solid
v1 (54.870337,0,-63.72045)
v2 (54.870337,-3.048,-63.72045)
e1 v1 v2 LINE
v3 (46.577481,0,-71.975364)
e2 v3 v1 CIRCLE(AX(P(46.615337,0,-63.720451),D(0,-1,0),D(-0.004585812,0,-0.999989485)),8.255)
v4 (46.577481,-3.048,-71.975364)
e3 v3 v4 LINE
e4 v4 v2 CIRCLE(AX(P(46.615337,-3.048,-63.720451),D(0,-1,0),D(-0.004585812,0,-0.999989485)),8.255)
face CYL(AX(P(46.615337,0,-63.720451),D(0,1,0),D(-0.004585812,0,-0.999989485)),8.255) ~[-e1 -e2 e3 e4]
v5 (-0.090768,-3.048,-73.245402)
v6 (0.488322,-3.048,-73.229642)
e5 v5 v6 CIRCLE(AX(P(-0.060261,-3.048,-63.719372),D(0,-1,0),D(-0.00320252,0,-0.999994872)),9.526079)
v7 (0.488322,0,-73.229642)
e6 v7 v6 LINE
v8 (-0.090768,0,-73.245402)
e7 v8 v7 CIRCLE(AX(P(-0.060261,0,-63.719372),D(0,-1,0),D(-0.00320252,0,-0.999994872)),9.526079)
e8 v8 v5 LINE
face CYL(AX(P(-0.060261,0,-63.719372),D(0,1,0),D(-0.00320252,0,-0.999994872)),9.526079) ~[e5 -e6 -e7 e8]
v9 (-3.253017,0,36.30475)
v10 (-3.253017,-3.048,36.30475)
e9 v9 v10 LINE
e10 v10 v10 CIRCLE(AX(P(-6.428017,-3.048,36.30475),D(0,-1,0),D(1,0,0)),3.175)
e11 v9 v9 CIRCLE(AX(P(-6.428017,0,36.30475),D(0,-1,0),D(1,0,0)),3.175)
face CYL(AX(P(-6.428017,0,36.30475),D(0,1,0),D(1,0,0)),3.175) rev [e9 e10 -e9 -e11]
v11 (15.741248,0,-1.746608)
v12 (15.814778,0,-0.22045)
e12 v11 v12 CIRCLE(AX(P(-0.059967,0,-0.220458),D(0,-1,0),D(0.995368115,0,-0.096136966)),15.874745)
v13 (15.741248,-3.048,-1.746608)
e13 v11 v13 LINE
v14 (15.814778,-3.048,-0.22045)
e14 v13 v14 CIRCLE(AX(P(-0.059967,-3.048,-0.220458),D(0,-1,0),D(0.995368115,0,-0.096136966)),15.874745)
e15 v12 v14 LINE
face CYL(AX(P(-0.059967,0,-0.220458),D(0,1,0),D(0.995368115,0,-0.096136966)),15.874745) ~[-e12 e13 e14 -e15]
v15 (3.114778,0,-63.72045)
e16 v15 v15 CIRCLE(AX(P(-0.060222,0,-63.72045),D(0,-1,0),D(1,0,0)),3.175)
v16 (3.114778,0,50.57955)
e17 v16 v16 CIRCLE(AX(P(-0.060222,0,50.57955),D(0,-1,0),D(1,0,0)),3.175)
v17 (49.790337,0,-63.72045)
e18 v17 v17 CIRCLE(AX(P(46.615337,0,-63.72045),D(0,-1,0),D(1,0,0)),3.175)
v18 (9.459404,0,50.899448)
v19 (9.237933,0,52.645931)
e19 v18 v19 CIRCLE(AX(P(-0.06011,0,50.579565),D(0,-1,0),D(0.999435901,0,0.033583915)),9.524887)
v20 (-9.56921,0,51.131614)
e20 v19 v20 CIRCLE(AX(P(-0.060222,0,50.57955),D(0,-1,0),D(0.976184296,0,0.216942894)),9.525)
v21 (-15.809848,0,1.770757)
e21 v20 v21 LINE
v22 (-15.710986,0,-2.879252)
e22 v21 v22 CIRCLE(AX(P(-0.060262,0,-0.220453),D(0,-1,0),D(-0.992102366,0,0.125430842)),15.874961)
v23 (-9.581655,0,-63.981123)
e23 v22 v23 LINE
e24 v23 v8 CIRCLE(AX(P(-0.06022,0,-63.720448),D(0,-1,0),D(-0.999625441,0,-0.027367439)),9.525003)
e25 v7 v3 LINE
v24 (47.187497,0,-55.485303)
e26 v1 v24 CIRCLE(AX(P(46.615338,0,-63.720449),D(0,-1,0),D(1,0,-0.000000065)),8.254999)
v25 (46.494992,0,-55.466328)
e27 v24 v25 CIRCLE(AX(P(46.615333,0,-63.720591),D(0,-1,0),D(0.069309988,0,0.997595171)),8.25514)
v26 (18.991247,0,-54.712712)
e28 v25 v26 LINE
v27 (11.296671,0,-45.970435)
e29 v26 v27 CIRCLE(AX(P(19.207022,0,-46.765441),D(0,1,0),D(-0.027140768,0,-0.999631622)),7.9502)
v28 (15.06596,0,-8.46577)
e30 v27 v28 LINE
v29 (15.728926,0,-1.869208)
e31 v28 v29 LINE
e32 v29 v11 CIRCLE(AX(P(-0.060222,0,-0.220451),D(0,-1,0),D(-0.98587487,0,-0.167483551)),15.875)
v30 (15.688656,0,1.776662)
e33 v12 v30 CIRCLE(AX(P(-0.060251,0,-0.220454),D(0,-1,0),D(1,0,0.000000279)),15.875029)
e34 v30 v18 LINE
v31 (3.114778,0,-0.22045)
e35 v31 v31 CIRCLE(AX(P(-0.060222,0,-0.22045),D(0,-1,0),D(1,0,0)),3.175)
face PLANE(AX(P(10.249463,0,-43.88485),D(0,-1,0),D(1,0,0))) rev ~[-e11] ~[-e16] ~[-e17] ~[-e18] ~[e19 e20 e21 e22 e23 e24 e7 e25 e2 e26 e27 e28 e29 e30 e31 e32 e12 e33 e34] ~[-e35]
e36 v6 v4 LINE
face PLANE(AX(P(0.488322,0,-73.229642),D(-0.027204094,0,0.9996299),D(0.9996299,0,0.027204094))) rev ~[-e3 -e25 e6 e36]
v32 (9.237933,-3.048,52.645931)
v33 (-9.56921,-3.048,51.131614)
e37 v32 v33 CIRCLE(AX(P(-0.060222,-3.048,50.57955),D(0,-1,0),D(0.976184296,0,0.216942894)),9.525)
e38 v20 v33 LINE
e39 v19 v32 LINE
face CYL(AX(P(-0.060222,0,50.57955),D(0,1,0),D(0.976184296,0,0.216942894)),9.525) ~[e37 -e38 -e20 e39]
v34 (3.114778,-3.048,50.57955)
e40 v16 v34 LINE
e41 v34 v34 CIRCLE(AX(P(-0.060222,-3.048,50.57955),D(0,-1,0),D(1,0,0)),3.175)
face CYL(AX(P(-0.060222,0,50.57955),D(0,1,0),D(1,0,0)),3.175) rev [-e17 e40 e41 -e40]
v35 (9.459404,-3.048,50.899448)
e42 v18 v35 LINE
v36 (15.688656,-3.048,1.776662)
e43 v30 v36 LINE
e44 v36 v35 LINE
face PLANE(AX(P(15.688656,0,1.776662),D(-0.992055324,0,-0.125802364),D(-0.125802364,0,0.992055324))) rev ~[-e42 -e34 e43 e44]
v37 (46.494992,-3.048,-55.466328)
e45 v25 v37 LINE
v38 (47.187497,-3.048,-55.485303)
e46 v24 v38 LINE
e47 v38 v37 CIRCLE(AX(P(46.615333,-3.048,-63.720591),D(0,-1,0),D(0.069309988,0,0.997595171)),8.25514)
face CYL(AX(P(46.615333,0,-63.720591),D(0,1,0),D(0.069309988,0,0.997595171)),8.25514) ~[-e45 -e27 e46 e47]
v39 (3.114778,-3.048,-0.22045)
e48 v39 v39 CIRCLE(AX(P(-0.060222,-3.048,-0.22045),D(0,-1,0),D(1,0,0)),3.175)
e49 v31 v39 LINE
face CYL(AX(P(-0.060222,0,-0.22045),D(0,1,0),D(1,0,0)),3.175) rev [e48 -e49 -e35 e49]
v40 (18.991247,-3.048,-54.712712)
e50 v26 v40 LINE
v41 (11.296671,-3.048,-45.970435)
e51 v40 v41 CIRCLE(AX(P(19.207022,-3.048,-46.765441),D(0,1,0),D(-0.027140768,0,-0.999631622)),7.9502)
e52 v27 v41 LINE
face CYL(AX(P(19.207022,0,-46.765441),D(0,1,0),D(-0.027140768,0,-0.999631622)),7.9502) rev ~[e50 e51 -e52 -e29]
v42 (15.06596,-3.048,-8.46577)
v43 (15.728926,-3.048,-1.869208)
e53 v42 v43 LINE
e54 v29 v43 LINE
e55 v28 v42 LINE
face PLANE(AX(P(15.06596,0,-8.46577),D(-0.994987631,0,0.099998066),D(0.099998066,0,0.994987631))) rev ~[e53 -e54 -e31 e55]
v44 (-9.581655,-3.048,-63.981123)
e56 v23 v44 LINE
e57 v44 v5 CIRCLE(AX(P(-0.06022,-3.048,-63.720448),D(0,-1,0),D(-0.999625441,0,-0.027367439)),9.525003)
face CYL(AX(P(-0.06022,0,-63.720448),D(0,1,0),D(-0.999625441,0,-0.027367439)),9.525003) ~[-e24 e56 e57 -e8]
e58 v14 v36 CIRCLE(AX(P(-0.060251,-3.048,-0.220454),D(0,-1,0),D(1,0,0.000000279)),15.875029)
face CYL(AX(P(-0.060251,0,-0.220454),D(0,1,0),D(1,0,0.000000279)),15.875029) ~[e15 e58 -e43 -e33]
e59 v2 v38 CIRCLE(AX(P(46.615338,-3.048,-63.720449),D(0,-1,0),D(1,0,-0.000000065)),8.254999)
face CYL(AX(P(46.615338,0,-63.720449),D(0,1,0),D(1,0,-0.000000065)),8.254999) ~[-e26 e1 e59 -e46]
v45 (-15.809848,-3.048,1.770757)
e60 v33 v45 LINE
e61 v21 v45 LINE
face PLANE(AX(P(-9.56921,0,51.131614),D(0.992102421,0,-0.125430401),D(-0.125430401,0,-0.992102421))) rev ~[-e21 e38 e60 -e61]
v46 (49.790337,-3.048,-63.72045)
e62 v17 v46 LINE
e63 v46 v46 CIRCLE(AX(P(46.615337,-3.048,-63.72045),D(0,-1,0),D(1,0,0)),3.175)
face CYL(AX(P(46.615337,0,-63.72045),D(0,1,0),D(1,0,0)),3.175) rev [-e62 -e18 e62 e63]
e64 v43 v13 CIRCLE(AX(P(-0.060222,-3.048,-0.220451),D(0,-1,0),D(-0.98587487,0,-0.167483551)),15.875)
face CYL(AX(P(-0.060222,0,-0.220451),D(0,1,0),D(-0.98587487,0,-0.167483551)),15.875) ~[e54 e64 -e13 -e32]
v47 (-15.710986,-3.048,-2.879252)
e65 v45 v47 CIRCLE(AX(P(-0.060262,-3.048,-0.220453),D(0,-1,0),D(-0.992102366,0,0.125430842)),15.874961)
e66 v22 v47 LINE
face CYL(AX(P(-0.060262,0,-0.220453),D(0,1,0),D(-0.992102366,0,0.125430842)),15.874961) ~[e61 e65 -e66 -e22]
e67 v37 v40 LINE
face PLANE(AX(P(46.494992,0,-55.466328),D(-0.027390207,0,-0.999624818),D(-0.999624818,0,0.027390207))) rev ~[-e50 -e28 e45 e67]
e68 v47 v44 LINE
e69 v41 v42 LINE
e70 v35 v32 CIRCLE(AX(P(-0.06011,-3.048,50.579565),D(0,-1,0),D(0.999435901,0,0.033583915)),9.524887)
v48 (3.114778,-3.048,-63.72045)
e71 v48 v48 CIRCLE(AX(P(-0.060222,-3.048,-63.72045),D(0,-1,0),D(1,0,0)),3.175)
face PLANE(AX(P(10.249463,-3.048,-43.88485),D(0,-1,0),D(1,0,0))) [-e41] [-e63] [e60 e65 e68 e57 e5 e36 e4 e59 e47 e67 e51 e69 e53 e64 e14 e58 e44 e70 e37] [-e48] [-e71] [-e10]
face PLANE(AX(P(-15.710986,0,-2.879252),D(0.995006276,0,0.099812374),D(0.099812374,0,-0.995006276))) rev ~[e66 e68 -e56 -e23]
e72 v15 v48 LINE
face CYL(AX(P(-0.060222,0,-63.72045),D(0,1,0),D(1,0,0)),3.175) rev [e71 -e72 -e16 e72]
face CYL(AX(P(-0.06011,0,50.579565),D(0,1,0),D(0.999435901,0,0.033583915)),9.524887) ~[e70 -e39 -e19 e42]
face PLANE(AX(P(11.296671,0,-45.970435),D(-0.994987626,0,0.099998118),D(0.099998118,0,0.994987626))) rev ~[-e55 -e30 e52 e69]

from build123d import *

# Parameters (mm, degrees)
F0_R     = 3.175
F1_DEPTH = 3.048


with BuildPart() as f1:
    # F0 (on Front) → F1 (new body)
    with BuildSketch(Plane.XZ):
        with BuildLine():
            Line((15.06596, -8.46577), (15.741248, -1.746608))
            ThreePointArc((15.741248, -1.746608), (0.511091, -16.085167), (-15.710986, -2.879252))
            Line((-15.710986, -2.879252), (-9.581655, -63.981123))
            ThreePointArc((-9.581655, -63.981123), (-0.19057, -54.196342), (9.464778, -63.72045))
            ThreePointArc((9.464778, -63.72045), (6.866195, -70.258827), (0.488322, -73.229642))
            Line((0.488322, -73.229642), (46.577481, -71.975364))
            ThreePointArc((46.577481, -71.975364), (38.36044, -63.761697), (46.494992, -55.466328))
            Line((46.494992, -55.466328), (18.991247, -54.712712))
            ThreePointArc((18.991247, -54.712712), (13.239164, -52.018093), (11.296671, -45.970435))
            Line((11.296671, -45.970435), (15.06596, -8.46577))
        make_face()
        with BuildLine():
            ThreePointArc((-15.710986, -2.879252), (0.511091, -16.085167), (15.741248, -1.746608))
            ThreePointArc((15.741248, -1.746608), (15.796385, -0.984415), (15.814778, -0.22045))
            ThreePointArc((15.814778, -0.22045), (15.783216, 0.780095), (15.688656, 1.776662))
            ThreePointArc((15.688656, 1.776662), (-0.063198, 15.654549), (-15.809848, 1.770757))
            ThreePointArc((-15.809848, 1.770757), (-15.931636, -0.557888), (-15.710986, -2.879252))
        make_face()
        with Locations((-0.060222, -0.22045)):
            Circle(F0_R, mode=Mode.SUBTRACT)
        with BuildLine():
            ThreePointArc((9.464778, -63.72045), (-0.19057, -54.196342), (-9.581655, -63.981123))
            ThreePointArc((-9.581655, -63.981123), (-6.713551, -70.536522), (-0.090768, -73.245402))
            Line((-0.090768, -73.245402), (0.488322, -73.229642))
            ThreePointArc((0.488322, -73.229642), (6.866195, -70.258827), (9.464778, -63.72045))
        make_face()
        with Locations((-0.060222, -63.72045)):
            Circle(F0_R, mode=Mode.SUBTRACT)
        with BuildLine():
            Line((-9.56921, 51.131614), (-15.809848, 1.770757))
            ThreePointArc((-15.809848, 1.770757), (-0.063198, 15.654549), (15.688656, 1.776662))
            Line((15.688656, 1.776662), (9.459404, 50.899448))
            ThreePointArc((9.459404, 50.899448), (9.463434, 50.739521), (9.464778, 50.57955))
            ThreePointArc((9.464778, 50.57955), (-0.336371, 41.058553), (-9.56921, 51.131614))
        make_face()
        with Locations((-6.428017, 36.30475)):
            Circle(F0_R, mode=Mode.SUBTRACT)
        with BuildLine():
            Line((0.488322, -73.229642), (-0.090768, -73.245402))
            ThreePointArc((-0.090768, -73.245402), (0.198897, -73.241925), (0.488322, -73.229642))
        make_face()
        with BuildLine():
            ThreePointArc((9.237933, 52.645931), (-0.824684, 60.073823), (-9.56921, 51.131614))
            ThreePointArc((-9.56921, 51.131614), (-0.336371, 41.058553), (9.464778, 50.57955))
            ThreePointArc((9.464778, 50.57955), (9.463434, 50.739521), (9.459404, 50.899448))
            Line((9.459404, 50.899448), (9.237933, 52.645931))
        make_face()
        with Locations((-0.060222, 50.57955)):
            Circle(F0_R, mode=Mode.SUBTRACT)
        with BuildLine():
            Line((9.237933, 52.645931), (9.459404, 50.899448))
            ThreePointArc((9.459404, 50.899448), (9.389105, 51.777817), (9.237933, 52.645931))
        make_face()
        with BuildLine():
            Line((47.187497, -55.485303), (46.494992, -55.466328))
            ThreePointArc((46.494992, -55.466328), (38.36044, -63.761697), (46.577481, -71.975364))
            ThreePointArc((46.577481, -71.975364), (52.439104, -69.570986), (54.870337, -63.72045))
            ThreePointArc((54.870337, -63.72045), (52.651404, -58.089205), (47.187497, -55.485303))
        make_face()
        with Locations((46.615337, -63.72045)):
            Circle(F0_R, mode=Mode.SUBTRACT)
        with BuildLine():
            ThreePointArc((47.187497, -55.485303), (46.841444, -55.468548), (46.494992, -55.466328))
            Line((46.494992, -55.466328), (47.187497, -55.485303))
        make_face()
    extrude(amount=F1_DEPTH)


solid = f1.part
